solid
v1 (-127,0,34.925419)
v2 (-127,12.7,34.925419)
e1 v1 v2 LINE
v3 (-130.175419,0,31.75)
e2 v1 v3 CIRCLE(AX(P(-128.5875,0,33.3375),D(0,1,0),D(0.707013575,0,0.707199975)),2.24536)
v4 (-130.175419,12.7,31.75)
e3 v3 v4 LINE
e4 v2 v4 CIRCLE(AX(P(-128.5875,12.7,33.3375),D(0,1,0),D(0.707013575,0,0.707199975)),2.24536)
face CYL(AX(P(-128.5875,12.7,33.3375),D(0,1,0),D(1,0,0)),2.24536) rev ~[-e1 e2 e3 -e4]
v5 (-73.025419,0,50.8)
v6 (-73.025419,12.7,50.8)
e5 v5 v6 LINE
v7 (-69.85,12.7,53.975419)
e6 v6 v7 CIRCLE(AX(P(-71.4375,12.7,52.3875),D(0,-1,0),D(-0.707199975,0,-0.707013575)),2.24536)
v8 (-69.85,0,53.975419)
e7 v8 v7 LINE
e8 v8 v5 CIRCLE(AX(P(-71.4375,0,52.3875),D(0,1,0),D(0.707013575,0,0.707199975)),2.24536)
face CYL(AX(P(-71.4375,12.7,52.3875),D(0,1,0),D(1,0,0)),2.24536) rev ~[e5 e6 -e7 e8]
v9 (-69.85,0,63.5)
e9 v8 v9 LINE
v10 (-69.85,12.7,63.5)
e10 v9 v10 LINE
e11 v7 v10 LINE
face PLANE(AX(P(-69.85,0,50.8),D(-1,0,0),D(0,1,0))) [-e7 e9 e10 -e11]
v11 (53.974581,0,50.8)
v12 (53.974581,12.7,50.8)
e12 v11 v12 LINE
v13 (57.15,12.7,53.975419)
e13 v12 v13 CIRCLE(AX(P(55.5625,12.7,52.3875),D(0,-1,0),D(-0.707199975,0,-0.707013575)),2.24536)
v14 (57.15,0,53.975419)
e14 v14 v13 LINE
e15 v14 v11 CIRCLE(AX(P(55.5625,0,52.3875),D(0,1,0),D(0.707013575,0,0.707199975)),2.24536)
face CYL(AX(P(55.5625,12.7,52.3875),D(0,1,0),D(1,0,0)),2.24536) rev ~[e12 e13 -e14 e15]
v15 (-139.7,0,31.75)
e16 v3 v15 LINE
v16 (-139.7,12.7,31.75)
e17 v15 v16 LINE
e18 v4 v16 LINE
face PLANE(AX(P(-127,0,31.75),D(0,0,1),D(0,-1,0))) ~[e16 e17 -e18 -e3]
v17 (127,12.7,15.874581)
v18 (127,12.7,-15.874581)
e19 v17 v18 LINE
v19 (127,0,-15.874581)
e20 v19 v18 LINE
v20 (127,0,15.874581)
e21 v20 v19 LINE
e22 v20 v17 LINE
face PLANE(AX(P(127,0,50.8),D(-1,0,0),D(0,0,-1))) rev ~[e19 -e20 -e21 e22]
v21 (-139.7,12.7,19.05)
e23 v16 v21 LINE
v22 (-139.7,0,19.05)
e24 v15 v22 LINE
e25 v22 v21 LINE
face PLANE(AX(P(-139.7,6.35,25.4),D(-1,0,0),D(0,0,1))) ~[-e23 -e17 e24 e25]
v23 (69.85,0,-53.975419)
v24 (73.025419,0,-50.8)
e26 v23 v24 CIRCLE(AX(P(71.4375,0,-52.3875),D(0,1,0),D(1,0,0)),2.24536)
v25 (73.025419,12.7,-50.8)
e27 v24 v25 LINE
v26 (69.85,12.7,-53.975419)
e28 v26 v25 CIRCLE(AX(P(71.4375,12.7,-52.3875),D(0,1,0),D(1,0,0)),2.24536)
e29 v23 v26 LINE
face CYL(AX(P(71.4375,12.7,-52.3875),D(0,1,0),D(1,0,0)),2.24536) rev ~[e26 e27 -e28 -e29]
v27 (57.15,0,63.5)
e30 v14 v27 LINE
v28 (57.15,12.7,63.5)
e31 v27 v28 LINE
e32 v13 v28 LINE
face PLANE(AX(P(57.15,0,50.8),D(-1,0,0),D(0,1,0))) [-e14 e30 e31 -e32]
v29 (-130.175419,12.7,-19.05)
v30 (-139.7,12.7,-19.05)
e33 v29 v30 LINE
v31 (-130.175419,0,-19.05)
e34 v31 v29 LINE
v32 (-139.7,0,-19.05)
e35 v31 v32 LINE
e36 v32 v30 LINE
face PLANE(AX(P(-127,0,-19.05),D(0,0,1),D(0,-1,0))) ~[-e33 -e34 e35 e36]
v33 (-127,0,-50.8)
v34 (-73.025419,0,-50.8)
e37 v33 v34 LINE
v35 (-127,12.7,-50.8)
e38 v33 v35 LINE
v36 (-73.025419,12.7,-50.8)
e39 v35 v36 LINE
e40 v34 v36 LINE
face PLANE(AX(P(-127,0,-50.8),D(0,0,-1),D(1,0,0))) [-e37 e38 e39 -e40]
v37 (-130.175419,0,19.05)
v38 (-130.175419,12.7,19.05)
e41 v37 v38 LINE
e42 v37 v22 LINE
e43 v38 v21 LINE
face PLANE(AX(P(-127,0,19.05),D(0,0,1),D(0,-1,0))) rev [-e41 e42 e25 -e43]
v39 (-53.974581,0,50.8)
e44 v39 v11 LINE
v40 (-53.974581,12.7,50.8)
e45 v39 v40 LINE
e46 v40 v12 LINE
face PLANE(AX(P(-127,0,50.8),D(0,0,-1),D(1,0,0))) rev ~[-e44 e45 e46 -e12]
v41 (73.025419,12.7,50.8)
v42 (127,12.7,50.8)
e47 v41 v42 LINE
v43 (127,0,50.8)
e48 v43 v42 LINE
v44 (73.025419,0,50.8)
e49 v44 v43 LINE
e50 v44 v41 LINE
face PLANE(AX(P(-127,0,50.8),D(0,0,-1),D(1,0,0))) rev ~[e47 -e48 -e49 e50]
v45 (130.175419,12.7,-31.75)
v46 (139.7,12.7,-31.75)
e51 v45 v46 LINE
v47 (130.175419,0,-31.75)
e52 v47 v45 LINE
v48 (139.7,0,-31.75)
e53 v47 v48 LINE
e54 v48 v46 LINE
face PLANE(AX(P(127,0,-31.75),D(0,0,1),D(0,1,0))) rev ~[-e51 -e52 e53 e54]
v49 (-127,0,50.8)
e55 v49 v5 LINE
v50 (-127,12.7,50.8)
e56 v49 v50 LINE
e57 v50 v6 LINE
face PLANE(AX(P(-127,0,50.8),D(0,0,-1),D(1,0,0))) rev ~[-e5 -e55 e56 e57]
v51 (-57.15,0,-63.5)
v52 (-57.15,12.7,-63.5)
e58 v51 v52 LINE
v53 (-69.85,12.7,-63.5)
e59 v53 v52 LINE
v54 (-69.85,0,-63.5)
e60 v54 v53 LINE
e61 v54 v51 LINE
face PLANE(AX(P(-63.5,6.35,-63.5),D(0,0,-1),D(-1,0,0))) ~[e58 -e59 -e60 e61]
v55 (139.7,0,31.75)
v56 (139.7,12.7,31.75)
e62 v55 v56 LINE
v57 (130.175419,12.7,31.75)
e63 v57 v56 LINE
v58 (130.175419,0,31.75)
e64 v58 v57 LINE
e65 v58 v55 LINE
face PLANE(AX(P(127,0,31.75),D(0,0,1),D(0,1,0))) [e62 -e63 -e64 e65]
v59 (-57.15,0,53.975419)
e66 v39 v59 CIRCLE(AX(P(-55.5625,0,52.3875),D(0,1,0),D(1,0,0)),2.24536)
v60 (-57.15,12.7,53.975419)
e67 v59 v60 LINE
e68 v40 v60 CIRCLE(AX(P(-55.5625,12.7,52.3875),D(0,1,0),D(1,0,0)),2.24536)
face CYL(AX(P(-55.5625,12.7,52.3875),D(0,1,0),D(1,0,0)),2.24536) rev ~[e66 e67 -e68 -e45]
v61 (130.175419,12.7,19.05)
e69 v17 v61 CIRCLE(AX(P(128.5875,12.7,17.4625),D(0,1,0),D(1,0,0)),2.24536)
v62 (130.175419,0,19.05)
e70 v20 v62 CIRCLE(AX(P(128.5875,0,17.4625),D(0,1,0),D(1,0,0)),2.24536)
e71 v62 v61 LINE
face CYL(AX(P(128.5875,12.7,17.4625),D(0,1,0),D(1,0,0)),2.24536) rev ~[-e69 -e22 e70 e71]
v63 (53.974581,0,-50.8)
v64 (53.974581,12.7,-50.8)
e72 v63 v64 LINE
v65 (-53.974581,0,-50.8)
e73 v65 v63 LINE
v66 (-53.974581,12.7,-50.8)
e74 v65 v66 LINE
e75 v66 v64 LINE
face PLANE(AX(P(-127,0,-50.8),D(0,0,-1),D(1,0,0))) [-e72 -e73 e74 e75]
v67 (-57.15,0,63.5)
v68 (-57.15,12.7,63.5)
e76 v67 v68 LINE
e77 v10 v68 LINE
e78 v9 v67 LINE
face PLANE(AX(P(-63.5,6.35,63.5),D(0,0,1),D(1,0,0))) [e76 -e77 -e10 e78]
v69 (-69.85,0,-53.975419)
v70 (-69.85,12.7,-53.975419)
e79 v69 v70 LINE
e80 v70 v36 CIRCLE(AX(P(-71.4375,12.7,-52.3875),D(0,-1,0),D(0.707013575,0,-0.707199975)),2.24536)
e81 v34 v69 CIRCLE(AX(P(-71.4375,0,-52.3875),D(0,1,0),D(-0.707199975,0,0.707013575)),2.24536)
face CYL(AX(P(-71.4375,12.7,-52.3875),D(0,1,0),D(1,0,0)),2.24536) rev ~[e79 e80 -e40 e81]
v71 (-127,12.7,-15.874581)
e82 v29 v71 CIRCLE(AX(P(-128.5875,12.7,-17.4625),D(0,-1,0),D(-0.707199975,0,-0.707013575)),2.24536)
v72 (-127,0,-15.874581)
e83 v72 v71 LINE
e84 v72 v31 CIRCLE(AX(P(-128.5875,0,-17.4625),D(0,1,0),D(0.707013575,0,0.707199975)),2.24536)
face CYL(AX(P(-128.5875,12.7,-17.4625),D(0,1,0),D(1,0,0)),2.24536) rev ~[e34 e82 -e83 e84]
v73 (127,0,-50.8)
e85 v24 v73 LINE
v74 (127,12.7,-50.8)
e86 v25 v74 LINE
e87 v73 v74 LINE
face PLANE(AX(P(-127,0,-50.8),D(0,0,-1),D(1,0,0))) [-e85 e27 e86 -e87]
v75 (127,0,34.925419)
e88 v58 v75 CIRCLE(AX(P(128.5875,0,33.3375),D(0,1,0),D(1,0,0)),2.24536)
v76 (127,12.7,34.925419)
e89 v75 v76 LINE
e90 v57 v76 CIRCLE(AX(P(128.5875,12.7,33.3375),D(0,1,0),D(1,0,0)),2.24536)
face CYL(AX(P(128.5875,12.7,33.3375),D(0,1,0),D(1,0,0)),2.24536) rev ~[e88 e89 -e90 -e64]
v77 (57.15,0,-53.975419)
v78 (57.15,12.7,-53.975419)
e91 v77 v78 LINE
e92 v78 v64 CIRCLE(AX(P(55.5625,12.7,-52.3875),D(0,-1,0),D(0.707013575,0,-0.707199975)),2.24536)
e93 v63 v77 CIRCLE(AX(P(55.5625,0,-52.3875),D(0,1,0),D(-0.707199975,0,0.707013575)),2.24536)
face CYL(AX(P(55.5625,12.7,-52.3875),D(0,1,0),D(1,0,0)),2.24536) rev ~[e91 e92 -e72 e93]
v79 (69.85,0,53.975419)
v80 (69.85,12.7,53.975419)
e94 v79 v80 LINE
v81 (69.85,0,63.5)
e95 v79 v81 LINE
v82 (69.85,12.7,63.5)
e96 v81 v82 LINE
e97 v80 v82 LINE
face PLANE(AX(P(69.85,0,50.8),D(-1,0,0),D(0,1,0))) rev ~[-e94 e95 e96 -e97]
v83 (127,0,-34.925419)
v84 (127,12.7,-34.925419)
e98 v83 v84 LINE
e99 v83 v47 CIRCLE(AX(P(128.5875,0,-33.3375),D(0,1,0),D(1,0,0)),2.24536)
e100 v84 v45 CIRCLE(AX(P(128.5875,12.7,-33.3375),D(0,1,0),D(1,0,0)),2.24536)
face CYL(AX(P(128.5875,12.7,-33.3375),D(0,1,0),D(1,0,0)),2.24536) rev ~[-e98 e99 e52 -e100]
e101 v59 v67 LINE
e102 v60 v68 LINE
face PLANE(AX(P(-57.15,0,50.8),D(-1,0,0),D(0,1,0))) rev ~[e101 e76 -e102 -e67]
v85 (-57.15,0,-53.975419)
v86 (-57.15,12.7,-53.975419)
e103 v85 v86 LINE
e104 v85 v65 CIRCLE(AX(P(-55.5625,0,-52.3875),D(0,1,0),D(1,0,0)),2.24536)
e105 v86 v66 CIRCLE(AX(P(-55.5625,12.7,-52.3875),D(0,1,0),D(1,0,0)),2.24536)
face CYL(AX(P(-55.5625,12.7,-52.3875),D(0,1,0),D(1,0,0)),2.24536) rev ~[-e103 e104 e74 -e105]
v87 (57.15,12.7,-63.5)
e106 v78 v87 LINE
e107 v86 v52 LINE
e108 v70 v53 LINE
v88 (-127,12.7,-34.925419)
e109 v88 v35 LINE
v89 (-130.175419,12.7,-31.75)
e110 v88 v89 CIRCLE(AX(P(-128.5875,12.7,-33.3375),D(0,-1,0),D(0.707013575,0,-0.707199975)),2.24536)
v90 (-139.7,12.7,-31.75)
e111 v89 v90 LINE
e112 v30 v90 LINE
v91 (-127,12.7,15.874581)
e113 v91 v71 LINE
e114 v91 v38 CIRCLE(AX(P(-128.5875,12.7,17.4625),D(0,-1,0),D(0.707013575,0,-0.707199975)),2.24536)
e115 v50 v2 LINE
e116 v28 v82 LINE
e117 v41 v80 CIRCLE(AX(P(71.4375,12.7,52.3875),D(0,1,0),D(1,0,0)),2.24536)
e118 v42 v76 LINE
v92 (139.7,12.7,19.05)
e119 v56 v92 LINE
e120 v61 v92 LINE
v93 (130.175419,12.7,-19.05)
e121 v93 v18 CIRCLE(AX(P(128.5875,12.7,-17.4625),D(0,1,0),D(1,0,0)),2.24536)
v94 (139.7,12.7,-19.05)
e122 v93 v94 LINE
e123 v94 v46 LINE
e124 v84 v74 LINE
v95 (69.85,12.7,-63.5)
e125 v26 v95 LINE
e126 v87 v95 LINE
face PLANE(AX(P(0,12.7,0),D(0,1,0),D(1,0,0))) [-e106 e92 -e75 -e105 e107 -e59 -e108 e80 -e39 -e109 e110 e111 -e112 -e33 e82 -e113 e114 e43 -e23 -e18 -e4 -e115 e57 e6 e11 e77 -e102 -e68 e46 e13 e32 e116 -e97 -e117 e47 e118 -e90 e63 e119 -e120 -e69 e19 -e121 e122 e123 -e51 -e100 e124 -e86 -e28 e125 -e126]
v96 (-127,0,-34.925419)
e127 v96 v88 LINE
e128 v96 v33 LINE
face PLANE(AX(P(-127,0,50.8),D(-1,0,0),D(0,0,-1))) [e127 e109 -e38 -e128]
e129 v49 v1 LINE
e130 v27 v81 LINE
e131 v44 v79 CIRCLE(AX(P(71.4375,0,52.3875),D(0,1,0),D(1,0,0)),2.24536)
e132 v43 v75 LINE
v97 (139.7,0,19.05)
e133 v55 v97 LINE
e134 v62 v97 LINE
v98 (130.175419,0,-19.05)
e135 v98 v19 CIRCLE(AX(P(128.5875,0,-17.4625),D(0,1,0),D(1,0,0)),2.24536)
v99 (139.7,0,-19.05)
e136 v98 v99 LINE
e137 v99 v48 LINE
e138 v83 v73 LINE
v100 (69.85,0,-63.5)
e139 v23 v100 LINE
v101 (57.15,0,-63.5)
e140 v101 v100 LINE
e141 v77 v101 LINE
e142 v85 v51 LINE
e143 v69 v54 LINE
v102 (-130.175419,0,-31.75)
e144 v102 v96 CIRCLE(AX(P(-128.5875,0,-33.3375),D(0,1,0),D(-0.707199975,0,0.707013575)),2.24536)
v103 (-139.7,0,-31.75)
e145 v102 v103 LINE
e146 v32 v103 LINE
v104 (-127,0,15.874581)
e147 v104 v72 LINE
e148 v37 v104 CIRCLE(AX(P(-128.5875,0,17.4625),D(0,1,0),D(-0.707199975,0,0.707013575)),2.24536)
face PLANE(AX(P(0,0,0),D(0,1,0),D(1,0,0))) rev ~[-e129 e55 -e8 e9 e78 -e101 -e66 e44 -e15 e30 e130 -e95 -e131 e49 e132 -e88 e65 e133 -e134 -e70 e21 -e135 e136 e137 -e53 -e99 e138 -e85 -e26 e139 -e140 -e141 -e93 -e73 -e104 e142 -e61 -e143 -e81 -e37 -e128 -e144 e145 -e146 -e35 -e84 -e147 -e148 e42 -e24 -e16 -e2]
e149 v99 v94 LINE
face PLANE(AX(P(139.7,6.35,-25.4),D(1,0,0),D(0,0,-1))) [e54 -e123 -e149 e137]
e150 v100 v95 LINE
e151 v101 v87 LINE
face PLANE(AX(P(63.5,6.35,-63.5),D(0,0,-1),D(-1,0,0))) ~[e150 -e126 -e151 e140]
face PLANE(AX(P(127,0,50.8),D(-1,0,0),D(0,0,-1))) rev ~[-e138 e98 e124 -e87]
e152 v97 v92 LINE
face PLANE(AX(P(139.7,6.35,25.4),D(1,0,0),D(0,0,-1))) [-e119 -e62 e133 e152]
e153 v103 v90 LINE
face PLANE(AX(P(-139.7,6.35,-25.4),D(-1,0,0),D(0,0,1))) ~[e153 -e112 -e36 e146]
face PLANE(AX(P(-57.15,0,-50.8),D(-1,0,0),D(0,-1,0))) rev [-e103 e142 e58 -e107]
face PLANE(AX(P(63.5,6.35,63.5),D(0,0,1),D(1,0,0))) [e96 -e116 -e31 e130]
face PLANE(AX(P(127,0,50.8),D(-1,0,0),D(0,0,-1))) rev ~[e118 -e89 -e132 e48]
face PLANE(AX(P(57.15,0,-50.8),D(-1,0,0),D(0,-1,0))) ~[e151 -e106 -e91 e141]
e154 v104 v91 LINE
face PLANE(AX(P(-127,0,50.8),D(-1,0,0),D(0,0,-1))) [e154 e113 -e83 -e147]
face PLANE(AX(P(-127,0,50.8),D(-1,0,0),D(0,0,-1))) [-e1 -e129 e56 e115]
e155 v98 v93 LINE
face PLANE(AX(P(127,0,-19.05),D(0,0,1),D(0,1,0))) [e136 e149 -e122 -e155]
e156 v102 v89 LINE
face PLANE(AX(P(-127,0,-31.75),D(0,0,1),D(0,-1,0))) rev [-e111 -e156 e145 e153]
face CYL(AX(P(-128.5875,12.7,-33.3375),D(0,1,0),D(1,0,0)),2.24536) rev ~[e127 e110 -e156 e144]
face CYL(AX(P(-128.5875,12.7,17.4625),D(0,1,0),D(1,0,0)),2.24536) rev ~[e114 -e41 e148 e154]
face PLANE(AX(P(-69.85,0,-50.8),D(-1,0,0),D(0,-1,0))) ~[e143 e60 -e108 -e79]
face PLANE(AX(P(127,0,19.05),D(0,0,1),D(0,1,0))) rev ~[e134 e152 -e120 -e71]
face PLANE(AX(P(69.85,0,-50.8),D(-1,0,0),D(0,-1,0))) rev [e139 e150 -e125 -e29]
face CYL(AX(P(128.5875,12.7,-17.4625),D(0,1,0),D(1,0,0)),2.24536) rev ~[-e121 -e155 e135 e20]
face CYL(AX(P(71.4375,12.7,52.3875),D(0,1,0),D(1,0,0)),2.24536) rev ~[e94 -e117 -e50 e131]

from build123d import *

# Parameters (mm, degrees)
SKETCH2_W                  = 254
SKETCH2_H                  = 101.6
RECTANGLE_EXTRUSION_DEPTH  = 12.7
SKETCH4_W                  = 12.7
SKETCH4_H                  = 12.7
FRONT_FACE_TABS_DEPTH      = 12.7
SKETCH6_R                  = 2.24536
TAB_CURVE_FRONT_BACK_DEPTH = 12.7
SKETCH7_W                  = 12.7
SKETCH7_H                  = 12.7
RIGHT_FACE_TABS_DEPTH      = 12.7
SKETCH8_R                  = 2.24536
TAB_CURVE_LEFT_RIGHT_DEPTH = 12.7


with BuildPart() as part:
    # Sketch2 → Rectangle Extrusion (new body)
    with BuildSketch(Plane(origin=(0, 0, 0), x_dir=(1, 0, 0), z_dir=(0, 1, 0))):
        Rectangle(SKETCH2_W, SKETCH2_H)
    extrude(amount=RECTANGLE_EXTRUSION_DEPTH)

    # Sketch4 → Front Face Tabs (add)
    with BuildSketch(Plane.XY.offset(50.8)):
        with Locations((-63.5, 6.35)):
            Rectangle(SKETCH4_W, SKETCH4_H)
        with Locations((63.5, 6.35)):
            Rectangle(SKETCH4_W, SKETCH4_H)
    front_face_tabs = extrude(amount=FRONT_FACE_TABS_DEPTH)

    # Mirror Rear Face Tabs: Front Face Tabs across plane
    add(front_face_tabs.mirror(Plane.XY))

    # Sketch6 → Tab Curve Front Back (cut)
    with BuildSketch(Plane(origin=(0, 12.7, 0), x_dir=(1, 0, 0), z_dir=(0, 1, 0))):
        with Locations((-71.4375, 52.3875)):
            Circle(SKETCH6_R)
        with Locations((-55.5625, 52.3875)):
            Circle(SKETCH6_R)
        with Locations((55.5625, 52.3875)):
            Circle(SKETCH6_R)
        with Locations((71.4375, 52.3875)):
            Circle(SKETCH6_R)
        with Locations((71.4375, -52.3875)):
            Circle(SKETCH6_R)
        with Locations((55.5625, -52.3875)):
            Circle(SKETCH6_R)
        with Locations((-55.5625, -52.3875)):
            Circle(SKETCH6_R)
        with Locations((-71.4375, -52.3875)):
            Circle(SKETCH6_R)
    extrude(amount=-TAB_CURVE_FRONT_BACK_DEPTH, mode=Mode.SUBTRACT)

    # Sketch7 → Right Face Tabs (add)
    with BuildSketch(Plane(origin=(127, 0, 0), x_dir=(0, 0, -1), z_dir=(1, 0, 0))):
        with Locations((-25.4, 6.35)):
            Rectangle(SKETCH7_W, SKETCH7_H)
        with Locations((25.4, 6.35)):
            Rectangle(SKETCH7_W, SKETCH7_H)
    right_face_tabs = extrude(amount=RIGHT_FACE_TABS_DEPTH)

    # Mirror Left Face Tabs: Right Face Tabs across plane
    add(right_face_tabs.mirror(Plane(origin=(0, 0, 0), x_dir=(0, 0, 1), z_dir=(1, 0, 0))))

    # Sketch8 → Tab Curve Left Right (cut)
    with BuildSketch(Plane(origin=(0, 12.7, 0), x_dir=(1, 0, 0), z_dir=(0, 1, 0))):
        with Locations((128.5875, 33.3375)):
            Circle(SKETCH8_R)
        with Locations((128.5875, 17.4625)):
            Circle(SKETCH8_R)
        with Locations((128.5875, -17.4625)):
            Circle(SKETCH8_R)
        with Locations((128.5875, -33.3375)):
            Circle(SKETCH8_R)
        with Locations((-128.5875, -33.3375)):
            Circle(SKETCH8_R)
        with Locations((-128.5875, -17.4625)):
            Circle(SKETCH8_R)
        with Locations((-128.5875, 17.4625)):
            Circle(SKETCH8_R)
        with Locations((-128.5875, 33.3375)):
            Circle(SKETCH8_R)
    extrude(amount=-TAB_CURVE_LEFT_RIGHT_DEPTH, mode=Mode.SUBTRACT)


solid = part.part
